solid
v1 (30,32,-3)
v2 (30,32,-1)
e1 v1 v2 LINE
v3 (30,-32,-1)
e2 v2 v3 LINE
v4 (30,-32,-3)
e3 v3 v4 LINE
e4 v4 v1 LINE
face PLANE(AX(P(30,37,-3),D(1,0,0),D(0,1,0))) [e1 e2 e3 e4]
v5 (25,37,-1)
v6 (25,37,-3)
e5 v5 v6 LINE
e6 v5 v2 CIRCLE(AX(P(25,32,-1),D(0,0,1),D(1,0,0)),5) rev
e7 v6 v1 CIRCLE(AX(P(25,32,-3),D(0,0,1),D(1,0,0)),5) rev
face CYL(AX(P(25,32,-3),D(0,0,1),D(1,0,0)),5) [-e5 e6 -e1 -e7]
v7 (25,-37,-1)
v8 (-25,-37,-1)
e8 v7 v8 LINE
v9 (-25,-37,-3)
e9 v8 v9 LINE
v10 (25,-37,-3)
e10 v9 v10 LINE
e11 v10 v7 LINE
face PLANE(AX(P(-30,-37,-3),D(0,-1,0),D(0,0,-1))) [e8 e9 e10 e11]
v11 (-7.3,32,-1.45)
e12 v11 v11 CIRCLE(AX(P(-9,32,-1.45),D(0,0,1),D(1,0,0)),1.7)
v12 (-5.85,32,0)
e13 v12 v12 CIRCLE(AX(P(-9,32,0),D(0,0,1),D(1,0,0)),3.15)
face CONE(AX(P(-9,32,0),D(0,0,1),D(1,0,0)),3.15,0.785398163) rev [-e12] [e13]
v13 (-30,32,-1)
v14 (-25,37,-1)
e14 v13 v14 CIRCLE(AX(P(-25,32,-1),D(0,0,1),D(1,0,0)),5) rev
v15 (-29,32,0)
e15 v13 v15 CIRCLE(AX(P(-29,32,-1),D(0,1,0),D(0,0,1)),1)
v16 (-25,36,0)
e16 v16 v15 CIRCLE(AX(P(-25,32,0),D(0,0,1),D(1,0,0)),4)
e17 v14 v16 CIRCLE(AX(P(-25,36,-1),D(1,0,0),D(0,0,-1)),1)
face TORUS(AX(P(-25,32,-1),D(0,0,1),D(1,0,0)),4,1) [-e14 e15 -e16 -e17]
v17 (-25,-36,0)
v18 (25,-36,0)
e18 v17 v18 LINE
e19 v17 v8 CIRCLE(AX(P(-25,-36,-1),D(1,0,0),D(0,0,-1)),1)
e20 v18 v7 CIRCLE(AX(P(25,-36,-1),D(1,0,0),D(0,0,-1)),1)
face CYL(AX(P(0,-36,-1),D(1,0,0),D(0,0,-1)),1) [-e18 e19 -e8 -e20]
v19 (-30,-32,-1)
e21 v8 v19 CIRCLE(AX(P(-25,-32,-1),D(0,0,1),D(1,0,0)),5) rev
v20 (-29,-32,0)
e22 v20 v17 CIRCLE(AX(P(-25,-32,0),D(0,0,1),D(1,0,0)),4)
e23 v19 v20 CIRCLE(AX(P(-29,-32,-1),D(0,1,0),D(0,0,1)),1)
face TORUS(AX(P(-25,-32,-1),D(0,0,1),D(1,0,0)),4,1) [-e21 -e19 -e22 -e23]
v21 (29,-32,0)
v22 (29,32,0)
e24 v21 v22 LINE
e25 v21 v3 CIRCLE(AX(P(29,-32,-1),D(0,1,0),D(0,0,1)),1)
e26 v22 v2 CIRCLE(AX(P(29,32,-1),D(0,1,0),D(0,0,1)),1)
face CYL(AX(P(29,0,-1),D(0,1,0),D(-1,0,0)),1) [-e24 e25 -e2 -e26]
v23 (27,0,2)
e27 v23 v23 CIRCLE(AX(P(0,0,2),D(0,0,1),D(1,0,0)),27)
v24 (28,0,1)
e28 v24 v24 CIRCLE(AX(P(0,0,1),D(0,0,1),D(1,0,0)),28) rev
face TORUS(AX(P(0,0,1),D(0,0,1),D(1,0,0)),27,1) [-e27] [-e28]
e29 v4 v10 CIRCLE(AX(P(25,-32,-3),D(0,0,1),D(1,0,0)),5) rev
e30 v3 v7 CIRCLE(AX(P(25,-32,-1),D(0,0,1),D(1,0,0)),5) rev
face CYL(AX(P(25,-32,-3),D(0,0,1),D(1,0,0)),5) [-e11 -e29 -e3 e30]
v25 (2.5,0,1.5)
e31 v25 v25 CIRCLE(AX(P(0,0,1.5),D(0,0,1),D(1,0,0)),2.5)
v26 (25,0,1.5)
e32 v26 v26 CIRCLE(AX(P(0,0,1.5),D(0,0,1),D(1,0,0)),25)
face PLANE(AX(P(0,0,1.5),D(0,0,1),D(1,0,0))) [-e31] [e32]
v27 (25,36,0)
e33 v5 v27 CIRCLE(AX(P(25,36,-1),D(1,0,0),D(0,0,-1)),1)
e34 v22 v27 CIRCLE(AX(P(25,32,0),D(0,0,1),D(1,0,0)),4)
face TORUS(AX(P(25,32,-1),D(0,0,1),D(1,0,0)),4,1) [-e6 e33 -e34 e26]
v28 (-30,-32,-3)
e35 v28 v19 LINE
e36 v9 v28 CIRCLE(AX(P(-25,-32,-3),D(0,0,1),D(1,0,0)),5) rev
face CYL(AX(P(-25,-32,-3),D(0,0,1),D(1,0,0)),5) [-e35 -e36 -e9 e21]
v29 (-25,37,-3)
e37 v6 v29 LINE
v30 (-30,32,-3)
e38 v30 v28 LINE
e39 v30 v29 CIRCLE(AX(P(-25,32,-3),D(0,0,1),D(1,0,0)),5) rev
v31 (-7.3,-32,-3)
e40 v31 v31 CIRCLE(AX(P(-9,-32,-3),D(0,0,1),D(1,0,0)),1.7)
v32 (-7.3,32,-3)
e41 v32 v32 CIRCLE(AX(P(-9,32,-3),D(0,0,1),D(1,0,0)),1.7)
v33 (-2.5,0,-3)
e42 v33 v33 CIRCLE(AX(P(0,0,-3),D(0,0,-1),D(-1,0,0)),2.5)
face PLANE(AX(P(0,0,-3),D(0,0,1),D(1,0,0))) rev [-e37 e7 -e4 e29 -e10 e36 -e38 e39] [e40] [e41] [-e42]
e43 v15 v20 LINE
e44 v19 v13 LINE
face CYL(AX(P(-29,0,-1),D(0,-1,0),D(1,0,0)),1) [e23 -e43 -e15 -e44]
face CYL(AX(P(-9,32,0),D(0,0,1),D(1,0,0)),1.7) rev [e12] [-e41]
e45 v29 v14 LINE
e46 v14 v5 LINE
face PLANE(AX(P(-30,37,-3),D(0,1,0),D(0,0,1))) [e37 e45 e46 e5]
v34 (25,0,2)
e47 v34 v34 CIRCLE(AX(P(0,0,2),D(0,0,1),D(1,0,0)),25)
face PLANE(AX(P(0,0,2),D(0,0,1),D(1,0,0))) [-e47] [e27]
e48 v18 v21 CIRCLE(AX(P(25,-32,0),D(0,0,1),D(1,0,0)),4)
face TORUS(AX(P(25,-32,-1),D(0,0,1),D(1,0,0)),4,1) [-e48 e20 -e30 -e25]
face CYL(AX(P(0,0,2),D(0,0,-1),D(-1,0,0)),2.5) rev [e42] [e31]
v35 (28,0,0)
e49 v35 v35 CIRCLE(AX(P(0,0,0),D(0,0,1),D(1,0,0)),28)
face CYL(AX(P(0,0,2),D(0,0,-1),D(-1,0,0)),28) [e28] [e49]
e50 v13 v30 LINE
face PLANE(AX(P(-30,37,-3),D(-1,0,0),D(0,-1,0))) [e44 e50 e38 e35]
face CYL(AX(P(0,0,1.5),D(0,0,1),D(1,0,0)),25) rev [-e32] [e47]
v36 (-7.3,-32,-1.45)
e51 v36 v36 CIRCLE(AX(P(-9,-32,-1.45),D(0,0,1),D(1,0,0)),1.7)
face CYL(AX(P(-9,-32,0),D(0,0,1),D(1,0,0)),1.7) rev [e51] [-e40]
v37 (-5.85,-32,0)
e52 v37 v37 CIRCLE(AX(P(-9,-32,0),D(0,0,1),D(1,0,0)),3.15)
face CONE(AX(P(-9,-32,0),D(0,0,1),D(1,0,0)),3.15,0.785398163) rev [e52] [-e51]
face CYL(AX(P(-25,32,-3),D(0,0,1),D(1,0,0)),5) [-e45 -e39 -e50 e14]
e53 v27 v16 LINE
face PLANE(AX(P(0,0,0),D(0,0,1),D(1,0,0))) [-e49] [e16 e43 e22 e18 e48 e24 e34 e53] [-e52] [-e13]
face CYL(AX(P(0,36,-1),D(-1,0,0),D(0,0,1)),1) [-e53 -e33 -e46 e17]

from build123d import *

# Parameters (mm, degrees)
ESQUISSE1_W                                 = 60
ESQUISSE1_H                                 = 74
BOSS_EXTRU_1_DEPTH                          = 3
ESQUISSE2_R                                 = 28
BOSS_EXTRU_2_DEPTH                          = 2
ESQUISSE6_R                                 = 25
ENL_V_MAT_EXTRU_4_DEPTH                     = 0.5
CONG_5_R                                    = 5
CONG_1_R                                    = 1
ESQUISSE7_R                                 = 2.5
ENL_V_MAT_EXTRU_5_DEPTH                     = 48.895720059
FRAISAGE_POUR_VIS_T_TE_FRAIS_E_M31_AT_COUNT = 2
FRAISAGE_POUR_VIS_T_TE_FRAIS_E_M31_AT_PITCH = 64


with BuildPart() as part:
    # Esquisse1 → Boss.-Extru.1 (new body)
    with BuildSketch(Plane.XY):
        Rectangle(ESQUISSE1_W, ESQUISSE1_H)
    extrude(amount=-BOSS_EXTRU_1_DEPTH)

    # Esquisse2 → Boss.-Extru.2 (add)
    with BuildSketch(Plane.XY):
        Circle(ESQUISSE2_R)
    extrude(amount=BOSS_EXTRU_2_DEPTH)

    # Esquisse6 → Enlèv. mat.-Extru.4 (cut)
    with BuildSketch(Plane.XY.offset(2)):
        Circle(ESQUISSE6_R)
    extrude(amount=-ENL_V_MAT_EXTRU_4_DEPTH, mode=Mode.SUBTRACT)

    # Congé 5
    cong_5_edges = [part.edges().sort_by_distance(p)[0] for p in [
        (-30, 37, -1.5),
        (30, 37, -1.5),
        (30, -37, -1.5),
        (-30, -37, -1.5),
    ]]
    fillet(cong_5_edges, radius=CONG_5_R)

    # Congé1
    cong_1_edges = [part.edges().sort_by_distance(p)[0] for p in [
        (-28, 0, 2),
        (0, -37, 0),
        (-30, 0, 0),
        (30, 0, 0),
        (0, 37, 0),
        (-28.535533906, 35.535533906, 0),
        (28.535533906, 35.535533906, 0),
        (-28.535533906, -35.535533906, 0),
        (28.535533906, -35.535533906, 0),
    ]]
    fillet(cong_1_edges, radius=CONG_1_R)

    # Esquisse7 → Enlèv. mat.-Extru.5 (cut, through all)
    with BuildSketch(Plane(origin=(0, 0, -3), x_dir=(-1, 0, 0), z_dir=(0, 0, -1))):
        Circle(ESQUISSE7_R)
    extrude(amount=-ENL_V_MAT_EXTRU_5_DEPTH, mode=Mode.SUBTRACT)

    # Esquisse8 → Fraisage pour vis à tête fraisée M31 (revolve, cut)
    with BuildSketch(Plane(origin=(-9, 32, 0), x_dir=(0, -1, 0), z_dir=(1, 0, 0))):
        Polygon((0, 0), (0, 3), (1.7, 3), (1.7, 1.45), (3.15, 0), align=None)
    fraisage_pour_vis_t_te_frais_e_m31 = revolve(axis=Axis((-9, 32, 6.35), (0, 0, -1)), mode=Mode.SUBTRACT)

    # Fraisage pour vis à tête fraisée M31 at: Fraisage pour vis à tête fraisée M31 ×2
    with Locations(*[(0, -i * FRAISAGE_POUR_VIS_T_TE_FRAIS_E_M31_AT_PITCH, 0) for i in range(1, FRAISAGE_POUR_VIS_T_TE_FRAIS_E_M31_AT_COUNT)]):
        add(fraisage_pour_vis_t_te_frais_e_m31, mode=Mode.SUBTRACT)


solid = part.part
